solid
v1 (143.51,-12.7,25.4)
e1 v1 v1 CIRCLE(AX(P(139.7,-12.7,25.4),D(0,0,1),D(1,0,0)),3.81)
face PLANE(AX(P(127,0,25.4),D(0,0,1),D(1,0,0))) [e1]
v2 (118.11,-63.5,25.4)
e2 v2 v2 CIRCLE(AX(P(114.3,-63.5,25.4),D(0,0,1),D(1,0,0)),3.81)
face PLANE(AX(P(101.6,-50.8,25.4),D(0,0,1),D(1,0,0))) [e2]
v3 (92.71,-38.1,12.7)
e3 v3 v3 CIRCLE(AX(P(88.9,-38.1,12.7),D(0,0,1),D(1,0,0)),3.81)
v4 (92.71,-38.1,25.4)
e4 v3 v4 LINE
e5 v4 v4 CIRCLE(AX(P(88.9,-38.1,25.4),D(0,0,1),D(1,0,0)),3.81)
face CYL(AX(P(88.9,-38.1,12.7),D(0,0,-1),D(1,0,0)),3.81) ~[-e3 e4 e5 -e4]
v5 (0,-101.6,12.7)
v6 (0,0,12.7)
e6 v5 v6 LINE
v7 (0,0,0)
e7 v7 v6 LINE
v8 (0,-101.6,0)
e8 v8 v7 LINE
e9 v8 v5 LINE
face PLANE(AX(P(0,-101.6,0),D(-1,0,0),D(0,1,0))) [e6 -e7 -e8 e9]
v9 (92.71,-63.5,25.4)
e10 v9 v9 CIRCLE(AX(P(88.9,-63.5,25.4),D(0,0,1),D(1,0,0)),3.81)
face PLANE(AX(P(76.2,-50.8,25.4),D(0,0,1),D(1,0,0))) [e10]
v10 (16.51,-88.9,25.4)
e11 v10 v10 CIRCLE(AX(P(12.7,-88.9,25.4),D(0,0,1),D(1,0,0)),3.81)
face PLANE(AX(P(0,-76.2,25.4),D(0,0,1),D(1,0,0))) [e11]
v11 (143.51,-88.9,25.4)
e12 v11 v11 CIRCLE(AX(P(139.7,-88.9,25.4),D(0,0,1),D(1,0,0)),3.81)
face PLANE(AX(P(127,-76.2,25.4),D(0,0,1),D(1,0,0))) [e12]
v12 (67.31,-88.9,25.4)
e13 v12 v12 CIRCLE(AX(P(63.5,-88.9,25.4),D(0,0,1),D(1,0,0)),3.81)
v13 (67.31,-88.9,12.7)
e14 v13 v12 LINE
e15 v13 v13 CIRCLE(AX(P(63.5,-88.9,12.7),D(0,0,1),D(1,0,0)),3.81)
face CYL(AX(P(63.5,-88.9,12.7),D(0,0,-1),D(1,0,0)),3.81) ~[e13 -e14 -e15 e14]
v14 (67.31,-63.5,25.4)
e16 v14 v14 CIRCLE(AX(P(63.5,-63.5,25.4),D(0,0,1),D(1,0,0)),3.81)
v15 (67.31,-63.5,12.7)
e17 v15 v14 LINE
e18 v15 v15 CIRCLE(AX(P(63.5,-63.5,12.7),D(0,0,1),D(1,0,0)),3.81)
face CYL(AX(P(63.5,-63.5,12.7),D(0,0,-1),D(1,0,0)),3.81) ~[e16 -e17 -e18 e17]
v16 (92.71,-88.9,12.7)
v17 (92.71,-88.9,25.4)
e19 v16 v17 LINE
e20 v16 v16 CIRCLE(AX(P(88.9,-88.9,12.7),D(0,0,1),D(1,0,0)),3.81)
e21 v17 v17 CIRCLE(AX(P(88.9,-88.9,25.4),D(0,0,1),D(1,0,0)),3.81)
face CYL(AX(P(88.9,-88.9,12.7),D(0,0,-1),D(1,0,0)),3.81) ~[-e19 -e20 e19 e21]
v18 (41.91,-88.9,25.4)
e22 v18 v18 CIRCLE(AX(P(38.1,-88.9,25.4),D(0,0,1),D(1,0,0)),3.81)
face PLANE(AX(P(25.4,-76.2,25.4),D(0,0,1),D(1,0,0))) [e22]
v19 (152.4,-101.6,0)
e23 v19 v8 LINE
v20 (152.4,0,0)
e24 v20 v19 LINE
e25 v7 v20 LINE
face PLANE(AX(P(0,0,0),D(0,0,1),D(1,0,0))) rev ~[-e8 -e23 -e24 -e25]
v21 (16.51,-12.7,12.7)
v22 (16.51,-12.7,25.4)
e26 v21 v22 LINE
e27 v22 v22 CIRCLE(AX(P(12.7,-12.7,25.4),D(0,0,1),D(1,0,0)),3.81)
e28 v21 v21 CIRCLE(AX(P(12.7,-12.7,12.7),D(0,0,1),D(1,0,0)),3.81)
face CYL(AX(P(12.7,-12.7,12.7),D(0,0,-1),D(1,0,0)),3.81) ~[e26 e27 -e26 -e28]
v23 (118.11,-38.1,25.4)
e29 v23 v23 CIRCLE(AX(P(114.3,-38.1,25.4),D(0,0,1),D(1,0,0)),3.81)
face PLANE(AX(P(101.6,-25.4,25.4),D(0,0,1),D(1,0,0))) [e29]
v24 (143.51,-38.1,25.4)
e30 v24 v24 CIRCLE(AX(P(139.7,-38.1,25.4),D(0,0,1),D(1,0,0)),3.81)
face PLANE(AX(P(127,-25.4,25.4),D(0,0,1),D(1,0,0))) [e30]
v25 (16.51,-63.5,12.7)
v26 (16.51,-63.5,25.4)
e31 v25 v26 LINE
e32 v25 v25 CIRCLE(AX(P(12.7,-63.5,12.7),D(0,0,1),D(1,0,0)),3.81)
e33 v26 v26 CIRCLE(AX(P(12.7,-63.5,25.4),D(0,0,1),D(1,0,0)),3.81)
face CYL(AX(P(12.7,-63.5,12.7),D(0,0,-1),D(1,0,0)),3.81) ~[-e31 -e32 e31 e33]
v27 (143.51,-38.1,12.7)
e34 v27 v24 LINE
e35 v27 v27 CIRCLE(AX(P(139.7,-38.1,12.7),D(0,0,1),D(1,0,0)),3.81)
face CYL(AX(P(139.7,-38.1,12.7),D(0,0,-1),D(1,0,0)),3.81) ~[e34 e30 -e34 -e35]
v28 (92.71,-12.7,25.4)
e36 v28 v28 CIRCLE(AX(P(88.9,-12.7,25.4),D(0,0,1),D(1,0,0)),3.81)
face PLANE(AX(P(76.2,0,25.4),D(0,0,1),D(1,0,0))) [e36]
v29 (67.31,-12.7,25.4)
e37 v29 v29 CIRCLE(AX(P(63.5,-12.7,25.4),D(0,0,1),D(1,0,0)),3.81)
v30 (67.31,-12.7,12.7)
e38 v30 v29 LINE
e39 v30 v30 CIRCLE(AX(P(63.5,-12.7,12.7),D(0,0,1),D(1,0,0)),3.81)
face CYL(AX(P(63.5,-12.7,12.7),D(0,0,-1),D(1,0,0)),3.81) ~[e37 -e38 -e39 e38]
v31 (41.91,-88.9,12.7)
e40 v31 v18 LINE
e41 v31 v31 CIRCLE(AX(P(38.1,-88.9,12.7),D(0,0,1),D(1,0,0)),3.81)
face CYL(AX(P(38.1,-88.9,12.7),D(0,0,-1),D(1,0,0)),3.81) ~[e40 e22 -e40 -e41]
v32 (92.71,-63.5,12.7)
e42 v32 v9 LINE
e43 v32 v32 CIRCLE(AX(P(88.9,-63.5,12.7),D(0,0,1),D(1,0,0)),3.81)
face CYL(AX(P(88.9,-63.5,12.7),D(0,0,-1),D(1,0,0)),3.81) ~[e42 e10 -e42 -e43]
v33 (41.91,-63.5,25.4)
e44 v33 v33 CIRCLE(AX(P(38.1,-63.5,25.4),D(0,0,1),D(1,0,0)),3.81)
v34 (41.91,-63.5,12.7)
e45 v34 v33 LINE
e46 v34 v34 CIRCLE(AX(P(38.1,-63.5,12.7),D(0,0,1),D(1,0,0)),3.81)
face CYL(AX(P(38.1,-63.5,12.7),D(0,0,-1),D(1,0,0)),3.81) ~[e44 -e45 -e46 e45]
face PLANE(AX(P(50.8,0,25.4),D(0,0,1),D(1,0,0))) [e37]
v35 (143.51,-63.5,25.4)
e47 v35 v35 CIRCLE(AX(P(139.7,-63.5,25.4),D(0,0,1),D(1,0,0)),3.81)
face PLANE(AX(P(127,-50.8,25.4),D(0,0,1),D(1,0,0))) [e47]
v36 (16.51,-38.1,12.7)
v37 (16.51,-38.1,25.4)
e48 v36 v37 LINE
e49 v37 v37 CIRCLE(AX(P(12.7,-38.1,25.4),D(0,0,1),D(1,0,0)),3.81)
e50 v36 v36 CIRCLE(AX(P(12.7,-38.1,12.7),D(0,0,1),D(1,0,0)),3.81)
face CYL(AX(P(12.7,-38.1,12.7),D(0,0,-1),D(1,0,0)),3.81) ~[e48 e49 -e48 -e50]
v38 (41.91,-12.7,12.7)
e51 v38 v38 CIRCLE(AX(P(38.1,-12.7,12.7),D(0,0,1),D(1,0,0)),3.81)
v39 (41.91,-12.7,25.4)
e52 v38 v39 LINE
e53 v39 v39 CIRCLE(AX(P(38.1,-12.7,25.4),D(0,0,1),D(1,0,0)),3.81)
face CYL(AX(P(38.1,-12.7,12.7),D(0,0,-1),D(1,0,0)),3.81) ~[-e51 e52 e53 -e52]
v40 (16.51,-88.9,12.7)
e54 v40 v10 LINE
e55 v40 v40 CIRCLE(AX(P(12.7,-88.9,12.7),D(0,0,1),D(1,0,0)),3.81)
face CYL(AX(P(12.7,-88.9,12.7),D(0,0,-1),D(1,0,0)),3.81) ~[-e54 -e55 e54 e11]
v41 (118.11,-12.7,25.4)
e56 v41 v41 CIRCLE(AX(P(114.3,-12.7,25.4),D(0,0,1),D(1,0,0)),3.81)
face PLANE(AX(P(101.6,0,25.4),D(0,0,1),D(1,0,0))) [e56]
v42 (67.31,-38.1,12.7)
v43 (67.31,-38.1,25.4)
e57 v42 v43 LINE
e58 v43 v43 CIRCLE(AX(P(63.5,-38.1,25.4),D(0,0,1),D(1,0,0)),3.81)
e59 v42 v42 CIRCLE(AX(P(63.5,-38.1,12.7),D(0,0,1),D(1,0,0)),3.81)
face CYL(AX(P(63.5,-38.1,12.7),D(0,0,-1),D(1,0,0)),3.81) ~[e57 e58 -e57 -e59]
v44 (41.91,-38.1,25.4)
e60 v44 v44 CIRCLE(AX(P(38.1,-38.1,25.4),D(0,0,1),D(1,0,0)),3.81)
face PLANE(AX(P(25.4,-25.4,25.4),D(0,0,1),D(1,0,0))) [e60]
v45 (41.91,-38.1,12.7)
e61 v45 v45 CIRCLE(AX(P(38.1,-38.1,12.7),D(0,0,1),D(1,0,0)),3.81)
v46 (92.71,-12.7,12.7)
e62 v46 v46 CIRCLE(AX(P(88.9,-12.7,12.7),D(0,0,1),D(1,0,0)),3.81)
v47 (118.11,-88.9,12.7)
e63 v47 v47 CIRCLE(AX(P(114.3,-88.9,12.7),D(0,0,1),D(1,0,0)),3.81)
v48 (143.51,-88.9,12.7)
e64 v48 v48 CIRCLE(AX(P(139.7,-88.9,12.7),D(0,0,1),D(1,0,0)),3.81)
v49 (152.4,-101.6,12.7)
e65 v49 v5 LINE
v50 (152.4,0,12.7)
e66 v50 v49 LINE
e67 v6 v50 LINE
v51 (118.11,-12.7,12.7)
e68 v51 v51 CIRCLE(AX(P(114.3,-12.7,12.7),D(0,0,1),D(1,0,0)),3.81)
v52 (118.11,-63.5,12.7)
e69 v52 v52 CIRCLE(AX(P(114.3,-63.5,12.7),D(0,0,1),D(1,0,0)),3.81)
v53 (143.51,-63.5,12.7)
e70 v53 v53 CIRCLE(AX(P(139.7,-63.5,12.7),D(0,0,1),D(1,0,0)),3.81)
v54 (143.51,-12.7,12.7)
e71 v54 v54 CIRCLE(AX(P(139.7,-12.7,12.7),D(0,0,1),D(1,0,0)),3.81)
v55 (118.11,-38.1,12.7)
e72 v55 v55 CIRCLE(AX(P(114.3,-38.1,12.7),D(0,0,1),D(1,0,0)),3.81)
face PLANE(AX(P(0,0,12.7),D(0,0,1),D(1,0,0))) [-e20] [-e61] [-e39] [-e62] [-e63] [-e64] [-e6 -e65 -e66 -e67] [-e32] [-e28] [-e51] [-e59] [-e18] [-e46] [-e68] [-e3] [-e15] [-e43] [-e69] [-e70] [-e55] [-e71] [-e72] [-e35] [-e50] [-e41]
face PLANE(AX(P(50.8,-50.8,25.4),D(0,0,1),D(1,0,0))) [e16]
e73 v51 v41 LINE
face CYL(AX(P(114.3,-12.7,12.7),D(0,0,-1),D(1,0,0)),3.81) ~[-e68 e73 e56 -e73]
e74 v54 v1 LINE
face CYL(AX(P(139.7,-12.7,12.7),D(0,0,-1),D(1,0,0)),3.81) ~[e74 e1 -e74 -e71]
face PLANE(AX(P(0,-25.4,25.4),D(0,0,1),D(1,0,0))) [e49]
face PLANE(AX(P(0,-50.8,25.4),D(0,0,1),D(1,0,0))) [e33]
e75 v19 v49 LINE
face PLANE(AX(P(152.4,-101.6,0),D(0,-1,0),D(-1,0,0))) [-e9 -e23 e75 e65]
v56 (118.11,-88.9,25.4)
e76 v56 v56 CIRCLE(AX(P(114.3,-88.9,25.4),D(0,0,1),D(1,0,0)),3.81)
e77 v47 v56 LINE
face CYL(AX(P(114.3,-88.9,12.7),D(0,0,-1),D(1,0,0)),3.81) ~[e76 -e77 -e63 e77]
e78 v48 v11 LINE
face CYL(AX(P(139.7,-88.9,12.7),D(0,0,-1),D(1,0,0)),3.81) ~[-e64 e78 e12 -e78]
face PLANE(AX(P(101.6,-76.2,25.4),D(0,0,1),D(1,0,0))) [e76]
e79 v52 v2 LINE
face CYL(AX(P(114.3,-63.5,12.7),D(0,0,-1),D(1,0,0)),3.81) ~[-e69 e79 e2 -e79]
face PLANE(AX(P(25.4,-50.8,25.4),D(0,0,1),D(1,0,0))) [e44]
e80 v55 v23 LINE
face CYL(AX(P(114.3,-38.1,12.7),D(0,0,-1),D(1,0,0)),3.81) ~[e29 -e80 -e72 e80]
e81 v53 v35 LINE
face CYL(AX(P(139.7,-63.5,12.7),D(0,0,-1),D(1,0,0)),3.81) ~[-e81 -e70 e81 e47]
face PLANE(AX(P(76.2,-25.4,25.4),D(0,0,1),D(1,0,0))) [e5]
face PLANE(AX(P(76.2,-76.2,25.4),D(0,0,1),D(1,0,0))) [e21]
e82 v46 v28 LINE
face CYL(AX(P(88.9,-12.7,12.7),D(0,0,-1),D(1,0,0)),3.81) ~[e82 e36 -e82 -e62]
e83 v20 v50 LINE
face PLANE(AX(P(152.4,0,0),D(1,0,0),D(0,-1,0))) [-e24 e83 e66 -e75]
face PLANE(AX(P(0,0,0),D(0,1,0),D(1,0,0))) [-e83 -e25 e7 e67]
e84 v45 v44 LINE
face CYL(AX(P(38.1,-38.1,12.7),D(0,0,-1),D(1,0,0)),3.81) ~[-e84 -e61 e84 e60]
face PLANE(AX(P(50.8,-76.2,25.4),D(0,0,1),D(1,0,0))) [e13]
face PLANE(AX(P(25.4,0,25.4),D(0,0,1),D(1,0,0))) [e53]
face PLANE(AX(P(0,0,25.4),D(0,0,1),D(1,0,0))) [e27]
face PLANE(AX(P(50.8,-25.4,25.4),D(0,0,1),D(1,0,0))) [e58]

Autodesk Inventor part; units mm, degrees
ref_plane "YZ Plane" through (0, 0, 0) normal (1, 0, 0) x (0, 1, 0)
ref_plane "XZ Plane" through (0, 0, 0) normal (0, 1, 0) x (-1, 0, 0)
ref_plane "XY Plane" through (0, 0, 0) normal (0, 0, 1) x (1, 0, 0)
sketch "Sketch1" plane through (0, 0, 0) normal (0, 0, 1) x (1, 0, 0)
  line L0 (0, 0) -> (152.4, 0)
  line L1 (152.4, 0) -> (152.4, -101.6)
  line L2 (152.4, -101.6) -> (0, -101.6)
  line L3 (0, -101.6) -> (0, 0)
  dimension "d0" = 152.4
  dimension "d1" = 101.6
extrude "Extrusion1" add sketch "Sketch1" along normal blind 12.7
sketch "Sketch2" plane through (0, 0, 12.7) normal (0, 0, 1) x (1, 0, 0)
  circle A0 centre (12.7, -12.7) radius 3.81
  line L0 (0, 0) -> (0, -101.6) projected
  line L1 (152.4, 0) -> (0, 0) projected
  dimension "d4" = 7.62
  dimension "d5" = 12.7
  dimension "d6" = 12.7
extrude "Extrusion2" add sketch "Sketch2" along normal blind 12.7
pattern_linear "Rectangular Pattern1" count 4 spacing 25.4 along (0, -1, 0) count 6 spacing 25.4 along (1, 0, 0) of "Extrusion2"
properties part number "AWRectangular Pattern5.5a"
